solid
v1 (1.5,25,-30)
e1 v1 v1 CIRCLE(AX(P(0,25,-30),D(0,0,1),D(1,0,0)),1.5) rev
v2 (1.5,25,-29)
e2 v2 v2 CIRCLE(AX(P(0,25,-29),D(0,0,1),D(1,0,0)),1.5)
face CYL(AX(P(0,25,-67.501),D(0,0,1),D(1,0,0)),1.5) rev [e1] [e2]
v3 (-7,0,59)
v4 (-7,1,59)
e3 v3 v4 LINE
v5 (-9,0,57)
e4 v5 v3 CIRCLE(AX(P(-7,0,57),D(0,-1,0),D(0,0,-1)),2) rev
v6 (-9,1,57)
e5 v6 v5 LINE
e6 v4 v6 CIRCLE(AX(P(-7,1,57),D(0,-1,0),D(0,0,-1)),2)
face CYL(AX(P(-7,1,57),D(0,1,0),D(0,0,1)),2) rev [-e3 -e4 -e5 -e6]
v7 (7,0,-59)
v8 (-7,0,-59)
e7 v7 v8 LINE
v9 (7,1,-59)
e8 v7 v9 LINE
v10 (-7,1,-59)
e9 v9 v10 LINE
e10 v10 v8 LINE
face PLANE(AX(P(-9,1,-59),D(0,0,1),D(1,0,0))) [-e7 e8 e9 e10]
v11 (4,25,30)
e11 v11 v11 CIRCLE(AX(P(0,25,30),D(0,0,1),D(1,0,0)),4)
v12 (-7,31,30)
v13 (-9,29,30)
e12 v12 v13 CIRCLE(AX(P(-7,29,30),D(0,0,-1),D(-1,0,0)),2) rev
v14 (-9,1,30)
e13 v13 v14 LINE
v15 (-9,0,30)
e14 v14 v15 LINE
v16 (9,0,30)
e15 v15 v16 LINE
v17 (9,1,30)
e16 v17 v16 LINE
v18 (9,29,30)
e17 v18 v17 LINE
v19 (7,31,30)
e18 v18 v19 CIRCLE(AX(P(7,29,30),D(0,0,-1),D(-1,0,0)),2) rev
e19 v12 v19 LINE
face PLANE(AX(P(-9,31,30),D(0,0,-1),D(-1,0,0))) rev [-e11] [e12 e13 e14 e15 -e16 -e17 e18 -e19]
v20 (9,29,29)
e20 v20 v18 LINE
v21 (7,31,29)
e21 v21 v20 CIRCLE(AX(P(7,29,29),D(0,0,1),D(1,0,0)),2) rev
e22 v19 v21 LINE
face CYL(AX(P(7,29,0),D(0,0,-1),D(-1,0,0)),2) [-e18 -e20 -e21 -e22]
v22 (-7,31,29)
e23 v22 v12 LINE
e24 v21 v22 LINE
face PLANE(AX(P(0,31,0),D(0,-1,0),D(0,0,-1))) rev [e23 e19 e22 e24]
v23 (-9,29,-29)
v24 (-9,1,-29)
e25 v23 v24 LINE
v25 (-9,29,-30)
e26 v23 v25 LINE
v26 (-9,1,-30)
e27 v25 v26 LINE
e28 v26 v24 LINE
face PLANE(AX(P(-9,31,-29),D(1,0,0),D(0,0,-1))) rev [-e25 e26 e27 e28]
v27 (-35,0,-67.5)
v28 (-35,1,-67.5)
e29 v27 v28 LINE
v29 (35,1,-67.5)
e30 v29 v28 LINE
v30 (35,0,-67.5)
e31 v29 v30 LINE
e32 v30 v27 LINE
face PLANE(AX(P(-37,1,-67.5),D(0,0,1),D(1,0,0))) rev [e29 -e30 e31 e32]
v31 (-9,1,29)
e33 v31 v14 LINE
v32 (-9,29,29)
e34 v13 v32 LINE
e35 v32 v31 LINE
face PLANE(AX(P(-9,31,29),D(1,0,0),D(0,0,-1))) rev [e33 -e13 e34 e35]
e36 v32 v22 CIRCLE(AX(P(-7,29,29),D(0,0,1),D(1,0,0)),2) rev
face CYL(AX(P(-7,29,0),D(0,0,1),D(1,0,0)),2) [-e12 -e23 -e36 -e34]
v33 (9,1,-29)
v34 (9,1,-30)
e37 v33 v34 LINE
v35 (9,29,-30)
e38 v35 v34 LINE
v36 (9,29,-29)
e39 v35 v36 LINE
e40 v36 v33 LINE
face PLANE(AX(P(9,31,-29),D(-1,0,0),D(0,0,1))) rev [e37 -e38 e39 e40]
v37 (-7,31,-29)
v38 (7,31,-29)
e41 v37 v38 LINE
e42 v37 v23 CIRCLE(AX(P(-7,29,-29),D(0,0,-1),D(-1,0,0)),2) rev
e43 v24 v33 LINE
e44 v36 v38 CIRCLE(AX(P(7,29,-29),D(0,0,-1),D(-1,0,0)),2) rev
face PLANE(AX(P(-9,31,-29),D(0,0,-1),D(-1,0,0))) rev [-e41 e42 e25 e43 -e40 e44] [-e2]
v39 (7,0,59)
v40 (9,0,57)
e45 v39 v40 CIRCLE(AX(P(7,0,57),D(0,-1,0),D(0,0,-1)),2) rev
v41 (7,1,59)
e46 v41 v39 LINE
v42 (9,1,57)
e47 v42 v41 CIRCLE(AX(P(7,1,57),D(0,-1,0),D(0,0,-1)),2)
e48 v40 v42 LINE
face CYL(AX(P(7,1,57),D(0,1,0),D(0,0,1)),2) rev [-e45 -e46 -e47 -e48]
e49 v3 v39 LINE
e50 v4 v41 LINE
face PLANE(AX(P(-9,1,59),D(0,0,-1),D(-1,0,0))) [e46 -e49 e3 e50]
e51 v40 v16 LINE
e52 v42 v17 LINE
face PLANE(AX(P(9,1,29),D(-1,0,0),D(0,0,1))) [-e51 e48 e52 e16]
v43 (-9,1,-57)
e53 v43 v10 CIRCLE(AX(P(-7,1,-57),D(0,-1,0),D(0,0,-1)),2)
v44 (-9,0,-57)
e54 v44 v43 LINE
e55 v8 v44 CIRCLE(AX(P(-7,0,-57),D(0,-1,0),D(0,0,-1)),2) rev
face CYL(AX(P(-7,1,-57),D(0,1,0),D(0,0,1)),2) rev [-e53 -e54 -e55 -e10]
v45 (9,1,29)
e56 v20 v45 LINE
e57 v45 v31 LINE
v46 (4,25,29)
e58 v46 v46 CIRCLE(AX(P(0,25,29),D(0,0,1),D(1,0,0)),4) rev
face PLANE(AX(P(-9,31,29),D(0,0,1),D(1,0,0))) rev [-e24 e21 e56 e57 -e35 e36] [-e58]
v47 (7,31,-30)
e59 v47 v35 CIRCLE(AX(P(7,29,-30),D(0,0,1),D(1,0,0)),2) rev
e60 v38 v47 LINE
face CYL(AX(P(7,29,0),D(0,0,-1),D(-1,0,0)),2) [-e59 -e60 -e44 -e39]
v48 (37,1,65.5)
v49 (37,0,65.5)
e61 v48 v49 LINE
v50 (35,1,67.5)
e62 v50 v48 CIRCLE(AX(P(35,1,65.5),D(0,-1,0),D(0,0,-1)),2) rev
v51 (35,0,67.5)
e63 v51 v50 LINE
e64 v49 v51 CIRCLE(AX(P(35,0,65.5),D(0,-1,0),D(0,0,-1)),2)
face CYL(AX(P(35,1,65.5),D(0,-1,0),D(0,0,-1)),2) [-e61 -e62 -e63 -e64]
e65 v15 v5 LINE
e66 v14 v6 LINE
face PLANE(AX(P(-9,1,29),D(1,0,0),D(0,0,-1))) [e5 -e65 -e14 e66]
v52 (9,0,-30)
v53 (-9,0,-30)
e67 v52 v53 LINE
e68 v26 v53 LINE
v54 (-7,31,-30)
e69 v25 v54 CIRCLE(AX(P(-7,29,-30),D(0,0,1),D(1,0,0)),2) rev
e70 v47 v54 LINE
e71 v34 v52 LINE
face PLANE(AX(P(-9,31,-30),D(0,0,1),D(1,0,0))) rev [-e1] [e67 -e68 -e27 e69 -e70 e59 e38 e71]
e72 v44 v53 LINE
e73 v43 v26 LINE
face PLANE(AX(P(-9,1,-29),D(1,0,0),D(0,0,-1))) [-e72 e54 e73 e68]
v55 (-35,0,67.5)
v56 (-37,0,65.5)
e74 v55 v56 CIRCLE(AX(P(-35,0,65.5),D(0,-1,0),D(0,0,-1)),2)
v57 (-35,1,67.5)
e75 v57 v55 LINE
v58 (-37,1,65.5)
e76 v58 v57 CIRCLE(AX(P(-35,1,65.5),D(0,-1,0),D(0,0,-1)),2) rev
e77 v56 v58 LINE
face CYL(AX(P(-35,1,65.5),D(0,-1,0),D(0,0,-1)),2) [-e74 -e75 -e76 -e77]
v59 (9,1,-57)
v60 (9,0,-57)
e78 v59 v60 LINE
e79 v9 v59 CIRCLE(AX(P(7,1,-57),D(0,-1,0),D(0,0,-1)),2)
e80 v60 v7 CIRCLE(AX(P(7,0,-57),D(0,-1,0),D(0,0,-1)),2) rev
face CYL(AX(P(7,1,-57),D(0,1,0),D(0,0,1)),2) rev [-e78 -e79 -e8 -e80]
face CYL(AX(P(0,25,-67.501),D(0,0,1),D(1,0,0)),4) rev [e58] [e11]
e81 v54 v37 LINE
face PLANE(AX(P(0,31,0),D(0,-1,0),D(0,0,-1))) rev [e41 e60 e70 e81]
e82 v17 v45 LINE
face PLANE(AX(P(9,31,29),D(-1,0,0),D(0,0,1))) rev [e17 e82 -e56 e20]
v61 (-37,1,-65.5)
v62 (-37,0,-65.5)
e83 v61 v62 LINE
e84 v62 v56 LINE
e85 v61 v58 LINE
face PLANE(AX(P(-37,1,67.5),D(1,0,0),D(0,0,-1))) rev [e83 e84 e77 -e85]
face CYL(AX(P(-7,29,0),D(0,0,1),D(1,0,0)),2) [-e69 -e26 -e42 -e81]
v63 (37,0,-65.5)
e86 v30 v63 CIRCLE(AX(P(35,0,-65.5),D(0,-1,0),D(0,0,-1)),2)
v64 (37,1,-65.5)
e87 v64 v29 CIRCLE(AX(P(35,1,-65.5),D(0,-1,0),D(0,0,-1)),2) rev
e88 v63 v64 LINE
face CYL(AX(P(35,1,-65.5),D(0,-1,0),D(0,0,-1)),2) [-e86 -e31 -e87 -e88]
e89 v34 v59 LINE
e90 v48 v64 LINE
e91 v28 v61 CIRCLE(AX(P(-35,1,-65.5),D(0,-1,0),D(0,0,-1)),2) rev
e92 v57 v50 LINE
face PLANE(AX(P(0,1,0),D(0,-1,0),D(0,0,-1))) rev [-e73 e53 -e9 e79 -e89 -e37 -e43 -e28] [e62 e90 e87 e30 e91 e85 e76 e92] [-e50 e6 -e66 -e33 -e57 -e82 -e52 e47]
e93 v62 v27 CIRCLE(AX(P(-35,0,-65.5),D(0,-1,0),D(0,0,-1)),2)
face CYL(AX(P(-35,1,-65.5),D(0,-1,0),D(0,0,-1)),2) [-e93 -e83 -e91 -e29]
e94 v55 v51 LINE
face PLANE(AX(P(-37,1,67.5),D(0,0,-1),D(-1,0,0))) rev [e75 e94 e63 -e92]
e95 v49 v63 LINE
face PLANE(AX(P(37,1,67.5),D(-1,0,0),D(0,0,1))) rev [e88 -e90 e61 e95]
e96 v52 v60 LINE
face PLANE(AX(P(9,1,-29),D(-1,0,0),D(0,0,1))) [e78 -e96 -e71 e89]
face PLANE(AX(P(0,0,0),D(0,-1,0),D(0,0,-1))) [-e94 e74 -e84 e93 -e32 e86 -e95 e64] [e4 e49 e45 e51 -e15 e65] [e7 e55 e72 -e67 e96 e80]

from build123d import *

# Parameters (mm, degrees)
SKETCH1_W           = 74
SKETCH1_H           = 135
SKETCH1_W_2         = 18
SKETCH1_H_2         = 30
BOSS_EXTRUDE1_DEPTH = 1
BOSS_EXTRUDE2_START = -1
SKETCH2_W           = 18
SKETCH2_H           = 1
BOSS_EXTRUDE2_DEPTH = 31
CUT_EXTRUDE3_REACH  = 99.5
SKETCH5_R           = 4
CUT_EXTRUDE4_REACH  = 40.5
SKETCH6_R           = 1.5
FILLET2_R           = 2


with BuildPart() as part:
    # Sketch1 → Boss-Extrude1 (new body)
    with BuildSketch(Plane(origin=(0, 0, 0), x_dir=(1, 0, 0), z_dir=(0, 1, 0))):
        Rectangle(SKETCH1_W, SKETCH1_H)
        with Locations((0, 44)):
            Rectangle(SKETCH1_W_2, SKETCH1_H_2, mode=Mode.SUBTRACT)
        with Locations((0, -44)):
            Rectangle(SKETCH1_W_2, SKETCH1_H_2, mode=Mode.SUBTRACT)
    extrude(amount=BOSS_EXTRUDE1_DEPTH)

    # Sketch2 → Boss-Extrude2 (add)
    with BuildSketch(Plane(origin=(0, 1, 0), x_dir=(1, 0, 0), z_dir=(0, 1, 0)).offset(BOSS_EXTRUDE2_START)):
        with Locations((0, 29.5)):
            Rectangle(SKETCH2_W, SKETCH2_H)
        with Locations((0, -29.5)):
            Rectangle(SKETCH2_W, SKETCH2_H)
    extrude(amount=BOSS_EXTRUDE2_DEPTH)

    # Sketch5 → Cut-Extrude3 (cut, up to next)
    with BuildSketch(Plane.XY.offset(30), mode=Mode.PRIVATE) as cut_extrude3_sk1:
        with Locations((0, 25)):
            Circle(SKETCH5_R)
    cut_extrude3_tool1 = extrude(cut_extrude3_sk1.sketch, amount=-CUT_EXTRUDE3_REACH, mode=Mode.PRIVATE) & part.part
    add(cut_extrude3_tool1.solids().sort_by_distance((0, 25, 30))[0], mode=Mode.SUBTRACT)

    # Sketch6 → Cut-Extrude4 (cut, up to next)
    with BuildSketch(Plane.XY.offset(-29), mode=Mode.PRIVATE) as cut_extrude4_sk1:
        with Locations((0, 25)):
            Circle(SKETCH6_R)
    cut_extrude4_tool1 = extrude(cut_extrude4_sk1.sketch, amount=-CUT_EXTRUDE4_REACH, mode=Mode.PRIVATE) & part.part
    add(cut_extrude4_tool1.solids().sort_by_distance((0, 25, -29))[0], mode=Mode.SUBTRACT)

    # Fillet2
    fillet2_edges = [part.edges().sort_by_distance(p)[0] for p in [
        (9, 0.5, -59),
        (-9, 0.5, -59),
        (-9, 0.5, 59),
        (9, 0.5, 59),
        (-9, 31, -29.5),
        (9, 31, -29.5),
        (-9, 31, 29.5),
        (9, 31, 29.5),
        (37, 0.5, 67.5),
        (-37, 0.5, 67.5),
        (-37, 0.5, -67.5),
        (37, 0.5, -67.5),
    ]]
    fillet(fillet2_edges, radius=FILLET2_R)


solid = part.part
